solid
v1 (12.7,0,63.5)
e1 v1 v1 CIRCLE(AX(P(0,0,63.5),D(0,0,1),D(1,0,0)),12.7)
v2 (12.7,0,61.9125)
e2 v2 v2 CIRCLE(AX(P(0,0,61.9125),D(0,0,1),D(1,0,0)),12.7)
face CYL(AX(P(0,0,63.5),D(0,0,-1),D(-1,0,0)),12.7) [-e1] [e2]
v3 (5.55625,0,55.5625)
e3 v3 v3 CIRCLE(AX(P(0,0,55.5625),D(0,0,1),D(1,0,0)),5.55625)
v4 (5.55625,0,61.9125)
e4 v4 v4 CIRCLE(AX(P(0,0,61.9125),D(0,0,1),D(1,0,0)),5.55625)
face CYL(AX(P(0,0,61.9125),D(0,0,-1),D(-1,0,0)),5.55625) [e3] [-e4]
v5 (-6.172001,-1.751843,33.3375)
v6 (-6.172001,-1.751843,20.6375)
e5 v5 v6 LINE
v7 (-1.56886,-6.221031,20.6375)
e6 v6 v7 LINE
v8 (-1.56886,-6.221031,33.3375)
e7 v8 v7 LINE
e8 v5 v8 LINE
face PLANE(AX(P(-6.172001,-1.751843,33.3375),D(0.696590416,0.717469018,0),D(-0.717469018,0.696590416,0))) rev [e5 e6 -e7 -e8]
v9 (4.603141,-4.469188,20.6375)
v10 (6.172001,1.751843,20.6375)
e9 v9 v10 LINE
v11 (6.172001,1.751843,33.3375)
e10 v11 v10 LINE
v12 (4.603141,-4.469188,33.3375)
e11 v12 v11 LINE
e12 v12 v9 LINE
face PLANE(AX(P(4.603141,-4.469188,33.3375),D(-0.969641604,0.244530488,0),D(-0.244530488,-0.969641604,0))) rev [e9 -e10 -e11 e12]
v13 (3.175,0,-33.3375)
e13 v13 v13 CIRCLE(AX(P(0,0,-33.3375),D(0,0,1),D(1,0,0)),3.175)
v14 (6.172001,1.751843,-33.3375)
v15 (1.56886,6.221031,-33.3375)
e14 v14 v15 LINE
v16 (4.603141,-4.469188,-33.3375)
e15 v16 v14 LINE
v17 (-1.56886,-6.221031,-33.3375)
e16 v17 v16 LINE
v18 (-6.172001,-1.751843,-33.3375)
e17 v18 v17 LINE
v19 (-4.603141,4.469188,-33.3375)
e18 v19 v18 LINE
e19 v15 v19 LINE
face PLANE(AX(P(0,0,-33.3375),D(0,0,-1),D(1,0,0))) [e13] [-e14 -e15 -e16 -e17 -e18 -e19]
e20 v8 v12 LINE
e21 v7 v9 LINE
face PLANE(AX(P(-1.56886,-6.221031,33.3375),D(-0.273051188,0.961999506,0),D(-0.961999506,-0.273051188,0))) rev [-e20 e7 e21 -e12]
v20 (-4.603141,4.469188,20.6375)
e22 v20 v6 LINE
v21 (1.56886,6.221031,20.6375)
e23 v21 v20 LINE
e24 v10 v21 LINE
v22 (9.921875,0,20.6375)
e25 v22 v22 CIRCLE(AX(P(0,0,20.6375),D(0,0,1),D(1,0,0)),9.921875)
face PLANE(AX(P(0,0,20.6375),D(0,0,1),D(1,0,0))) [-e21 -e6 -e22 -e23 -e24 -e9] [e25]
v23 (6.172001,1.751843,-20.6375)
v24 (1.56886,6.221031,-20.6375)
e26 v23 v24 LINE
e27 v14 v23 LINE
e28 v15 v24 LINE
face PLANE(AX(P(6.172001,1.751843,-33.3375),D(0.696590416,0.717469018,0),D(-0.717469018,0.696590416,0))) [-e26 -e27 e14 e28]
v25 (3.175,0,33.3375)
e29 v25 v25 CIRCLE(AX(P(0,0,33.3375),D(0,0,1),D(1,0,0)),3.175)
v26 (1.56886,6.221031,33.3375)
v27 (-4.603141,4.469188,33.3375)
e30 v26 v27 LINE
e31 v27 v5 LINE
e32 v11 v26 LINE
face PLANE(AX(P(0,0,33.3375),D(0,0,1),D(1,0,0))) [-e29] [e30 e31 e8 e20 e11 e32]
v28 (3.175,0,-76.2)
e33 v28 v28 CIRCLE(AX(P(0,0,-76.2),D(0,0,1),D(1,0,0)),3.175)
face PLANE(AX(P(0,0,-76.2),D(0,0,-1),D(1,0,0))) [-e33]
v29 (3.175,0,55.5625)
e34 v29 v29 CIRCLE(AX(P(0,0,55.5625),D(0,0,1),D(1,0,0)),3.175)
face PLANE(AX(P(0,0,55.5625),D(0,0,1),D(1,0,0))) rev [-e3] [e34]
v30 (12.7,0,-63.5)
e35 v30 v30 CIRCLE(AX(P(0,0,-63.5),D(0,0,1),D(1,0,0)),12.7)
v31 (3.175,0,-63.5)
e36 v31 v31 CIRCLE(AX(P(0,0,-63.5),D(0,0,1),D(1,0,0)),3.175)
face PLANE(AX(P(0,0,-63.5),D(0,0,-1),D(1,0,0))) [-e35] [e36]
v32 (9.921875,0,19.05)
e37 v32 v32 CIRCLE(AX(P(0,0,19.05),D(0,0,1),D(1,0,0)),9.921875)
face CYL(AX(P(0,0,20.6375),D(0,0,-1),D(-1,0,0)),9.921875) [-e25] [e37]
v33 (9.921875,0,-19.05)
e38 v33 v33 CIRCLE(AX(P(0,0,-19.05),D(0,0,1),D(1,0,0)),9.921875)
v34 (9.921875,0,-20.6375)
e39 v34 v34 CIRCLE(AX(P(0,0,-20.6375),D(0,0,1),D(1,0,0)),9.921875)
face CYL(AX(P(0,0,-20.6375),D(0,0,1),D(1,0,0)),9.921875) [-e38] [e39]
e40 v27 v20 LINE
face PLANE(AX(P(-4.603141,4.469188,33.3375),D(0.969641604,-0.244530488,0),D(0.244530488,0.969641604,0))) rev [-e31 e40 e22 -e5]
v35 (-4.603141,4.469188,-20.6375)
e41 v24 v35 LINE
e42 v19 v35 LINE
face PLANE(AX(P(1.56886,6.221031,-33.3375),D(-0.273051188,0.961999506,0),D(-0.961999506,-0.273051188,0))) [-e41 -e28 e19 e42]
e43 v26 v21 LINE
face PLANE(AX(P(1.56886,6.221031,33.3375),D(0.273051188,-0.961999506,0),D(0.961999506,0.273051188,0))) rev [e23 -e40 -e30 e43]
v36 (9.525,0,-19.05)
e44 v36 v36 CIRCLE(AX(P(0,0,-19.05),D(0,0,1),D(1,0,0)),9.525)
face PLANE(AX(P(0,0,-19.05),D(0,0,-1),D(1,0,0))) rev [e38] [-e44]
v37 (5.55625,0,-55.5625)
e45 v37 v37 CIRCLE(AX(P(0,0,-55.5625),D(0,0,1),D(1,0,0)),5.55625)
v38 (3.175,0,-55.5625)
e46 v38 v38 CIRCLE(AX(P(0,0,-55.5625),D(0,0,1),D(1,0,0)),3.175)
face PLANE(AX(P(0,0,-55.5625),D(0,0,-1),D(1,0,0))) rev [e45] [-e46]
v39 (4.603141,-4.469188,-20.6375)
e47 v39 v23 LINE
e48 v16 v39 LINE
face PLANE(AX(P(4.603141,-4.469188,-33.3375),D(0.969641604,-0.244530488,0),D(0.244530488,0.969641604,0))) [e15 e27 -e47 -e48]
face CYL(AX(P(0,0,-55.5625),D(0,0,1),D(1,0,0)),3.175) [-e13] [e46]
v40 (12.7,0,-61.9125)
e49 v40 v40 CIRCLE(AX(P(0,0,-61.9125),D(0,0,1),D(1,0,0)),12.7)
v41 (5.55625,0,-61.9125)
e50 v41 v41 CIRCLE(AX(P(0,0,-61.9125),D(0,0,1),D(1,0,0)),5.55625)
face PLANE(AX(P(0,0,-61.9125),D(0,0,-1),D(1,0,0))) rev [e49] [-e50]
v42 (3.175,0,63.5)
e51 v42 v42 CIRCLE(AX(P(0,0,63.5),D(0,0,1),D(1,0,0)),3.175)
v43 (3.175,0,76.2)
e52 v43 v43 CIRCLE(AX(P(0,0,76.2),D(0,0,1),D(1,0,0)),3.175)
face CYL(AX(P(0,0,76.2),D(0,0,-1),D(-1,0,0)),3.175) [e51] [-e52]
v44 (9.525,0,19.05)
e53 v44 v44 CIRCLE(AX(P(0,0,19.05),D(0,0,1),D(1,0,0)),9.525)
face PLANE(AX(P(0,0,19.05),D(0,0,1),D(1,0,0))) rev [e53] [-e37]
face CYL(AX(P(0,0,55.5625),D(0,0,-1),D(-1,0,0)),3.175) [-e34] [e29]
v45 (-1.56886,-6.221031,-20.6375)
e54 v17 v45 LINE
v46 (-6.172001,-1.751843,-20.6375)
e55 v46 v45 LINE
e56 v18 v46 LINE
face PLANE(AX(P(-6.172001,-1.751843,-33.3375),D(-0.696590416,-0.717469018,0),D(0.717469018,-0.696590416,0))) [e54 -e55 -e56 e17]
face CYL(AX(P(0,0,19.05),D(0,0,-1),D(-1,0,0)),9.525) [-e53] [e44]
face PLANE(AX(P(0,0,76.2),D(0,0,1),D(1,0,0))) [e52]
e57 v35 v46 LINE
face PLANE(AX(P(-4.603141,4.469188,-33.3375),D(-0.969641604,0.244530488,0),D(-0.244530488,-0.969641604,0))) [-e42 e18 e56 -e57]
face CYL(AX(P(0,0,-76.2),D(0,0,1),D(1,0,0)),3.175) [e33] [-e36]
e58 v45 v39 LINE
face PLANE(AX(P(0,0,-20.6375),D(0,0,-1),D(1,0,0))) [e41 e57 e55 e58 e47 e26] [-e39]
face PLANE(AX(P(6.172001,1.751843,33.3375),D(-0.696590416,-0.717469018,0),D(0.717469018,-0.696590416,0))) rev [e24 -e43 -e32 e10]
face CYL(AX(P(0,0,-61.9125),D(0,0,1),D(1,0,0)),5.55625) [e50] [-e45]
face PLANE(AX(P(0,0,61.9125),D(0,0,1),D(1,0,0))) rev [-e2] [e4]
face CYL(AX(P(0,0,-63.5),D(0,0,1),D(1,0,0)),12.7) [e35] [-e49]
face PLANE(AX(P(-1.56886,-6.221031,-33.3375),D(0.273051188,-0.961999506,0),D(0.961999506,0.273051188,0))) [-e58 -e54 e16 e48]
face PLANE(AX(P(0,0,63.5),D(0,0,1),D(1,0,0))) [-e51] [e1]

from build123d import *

# Parameters (mm, degrees)
SKETCH1_R           = 9.525
BOSS_EXTRUDE1_DEPTH = 19.05
SKETCH2_R           = 9.921875
BOSS_EXTRUDE2_DEPTH = 1.5875
BOSS_EXTRUDE3_DEPTH = 12.7
SKETCH4_R           = 3.175
BOSS_EXTRUDE4_DEPTH = 22.225
SKETCH5_R           = 5.55625
BOSS_EXTRUDE6_DEPTH = 6.35
SKETCH6_R           = 12.7
BOSS_EXTRUDE7_DEPTH = 1.5875
SKETCH7_R           = 3.175
BOSS_EXTRUDE8_DEPTH = 12.7


with BuildPart() as part:
    # Sketch1 → Boss-Extrude1 (new body)
    with BuildSketch(Plane.XY):
        Circle(SKETCH1_R)
    boss_extrude1 = extrude(amount=BOSS_EXTRUDE1_DEPTH)

    # Sketch2 → Boss-Extrude2 (add)
    with BuildSketch(Plane.XY.offset(19.05)):
        Circle(SKETCH2_R)
    boss_extrude2 = extrude(amount=BOSS_EXTRUDE2_DEPTH)

    # Sketch3 → Boss-Extrude3 (add)
    with BuildSketch(Plane.XY.offset(20.6375)):
        Polygon((4.603141218, -4.469188183), (6.17200111, 1.75184314), (1.568859892, 6.221031323), (-4.603141218, 4.469188183), (-6.17200111, -1.75184314), (-1.568859892, -6.221031323), align=None)
    boss_extrude3 = extrude(amount=BOSS_EXTRUDE3_DEPTH)

    # Sketch4 → Boss-Extrude4 (add)
    with BuildSketch(Plane.XY.offset(33.3375)):
        Circle(SKETCH4_R)
    boss_extrude4 = extrude(amount=BOSS_EXTRUDE4_DEPTH)

    # Sketch5 → Boss-Extrude6 (add)
    with BuildSketch(Plane.XY.offset(55.5625)):
        Circle(SKETCH5_R)
    boss_extrude6 = extrude(amount=BOSS_EXTRUDE6_DEPTH)

    # Sketch6 → Boss-Extrude7 (add)
    with BuildSketch(Plane.XY.offset(61.9125)):
        Circle(SKETCH6_R)
    boss_extrude7 = extrude(amount=BOSS_EXTRUDE7_DEPTH)

    # Sketch7 → Boss-Extrude8 (add)
    with BuildSketch(Plane.XY.offset(63.5)):
        Circle(SKETCH7_R)
    boss_extrude8 = extrude(amount=BOSS_EXTRUDE8_DEPTH)

    # Mirror1: Boss-Extrude1, Boss-Extrude2, Boss-Extrude3, Boss-Extrude4, Boss-Extrude6, Boss-Extrude7, Boss-Extrude8 across plane
    add(boss_extrude1.mirror(Plane.XY))
    add(boss_extrude2.mirror(Plane.XY))
    add(boss_extrude3.mirror(Plane.XY))
    add(boss_extrude4.mirror(Plane.XY))
    add(boss_extrude6.mirror(Plane.XY))
    add(boss_extrude7.mirror(Plane.XY))
    add(boss_extrude8.mirror(Plane.XY))


solid = part.part
